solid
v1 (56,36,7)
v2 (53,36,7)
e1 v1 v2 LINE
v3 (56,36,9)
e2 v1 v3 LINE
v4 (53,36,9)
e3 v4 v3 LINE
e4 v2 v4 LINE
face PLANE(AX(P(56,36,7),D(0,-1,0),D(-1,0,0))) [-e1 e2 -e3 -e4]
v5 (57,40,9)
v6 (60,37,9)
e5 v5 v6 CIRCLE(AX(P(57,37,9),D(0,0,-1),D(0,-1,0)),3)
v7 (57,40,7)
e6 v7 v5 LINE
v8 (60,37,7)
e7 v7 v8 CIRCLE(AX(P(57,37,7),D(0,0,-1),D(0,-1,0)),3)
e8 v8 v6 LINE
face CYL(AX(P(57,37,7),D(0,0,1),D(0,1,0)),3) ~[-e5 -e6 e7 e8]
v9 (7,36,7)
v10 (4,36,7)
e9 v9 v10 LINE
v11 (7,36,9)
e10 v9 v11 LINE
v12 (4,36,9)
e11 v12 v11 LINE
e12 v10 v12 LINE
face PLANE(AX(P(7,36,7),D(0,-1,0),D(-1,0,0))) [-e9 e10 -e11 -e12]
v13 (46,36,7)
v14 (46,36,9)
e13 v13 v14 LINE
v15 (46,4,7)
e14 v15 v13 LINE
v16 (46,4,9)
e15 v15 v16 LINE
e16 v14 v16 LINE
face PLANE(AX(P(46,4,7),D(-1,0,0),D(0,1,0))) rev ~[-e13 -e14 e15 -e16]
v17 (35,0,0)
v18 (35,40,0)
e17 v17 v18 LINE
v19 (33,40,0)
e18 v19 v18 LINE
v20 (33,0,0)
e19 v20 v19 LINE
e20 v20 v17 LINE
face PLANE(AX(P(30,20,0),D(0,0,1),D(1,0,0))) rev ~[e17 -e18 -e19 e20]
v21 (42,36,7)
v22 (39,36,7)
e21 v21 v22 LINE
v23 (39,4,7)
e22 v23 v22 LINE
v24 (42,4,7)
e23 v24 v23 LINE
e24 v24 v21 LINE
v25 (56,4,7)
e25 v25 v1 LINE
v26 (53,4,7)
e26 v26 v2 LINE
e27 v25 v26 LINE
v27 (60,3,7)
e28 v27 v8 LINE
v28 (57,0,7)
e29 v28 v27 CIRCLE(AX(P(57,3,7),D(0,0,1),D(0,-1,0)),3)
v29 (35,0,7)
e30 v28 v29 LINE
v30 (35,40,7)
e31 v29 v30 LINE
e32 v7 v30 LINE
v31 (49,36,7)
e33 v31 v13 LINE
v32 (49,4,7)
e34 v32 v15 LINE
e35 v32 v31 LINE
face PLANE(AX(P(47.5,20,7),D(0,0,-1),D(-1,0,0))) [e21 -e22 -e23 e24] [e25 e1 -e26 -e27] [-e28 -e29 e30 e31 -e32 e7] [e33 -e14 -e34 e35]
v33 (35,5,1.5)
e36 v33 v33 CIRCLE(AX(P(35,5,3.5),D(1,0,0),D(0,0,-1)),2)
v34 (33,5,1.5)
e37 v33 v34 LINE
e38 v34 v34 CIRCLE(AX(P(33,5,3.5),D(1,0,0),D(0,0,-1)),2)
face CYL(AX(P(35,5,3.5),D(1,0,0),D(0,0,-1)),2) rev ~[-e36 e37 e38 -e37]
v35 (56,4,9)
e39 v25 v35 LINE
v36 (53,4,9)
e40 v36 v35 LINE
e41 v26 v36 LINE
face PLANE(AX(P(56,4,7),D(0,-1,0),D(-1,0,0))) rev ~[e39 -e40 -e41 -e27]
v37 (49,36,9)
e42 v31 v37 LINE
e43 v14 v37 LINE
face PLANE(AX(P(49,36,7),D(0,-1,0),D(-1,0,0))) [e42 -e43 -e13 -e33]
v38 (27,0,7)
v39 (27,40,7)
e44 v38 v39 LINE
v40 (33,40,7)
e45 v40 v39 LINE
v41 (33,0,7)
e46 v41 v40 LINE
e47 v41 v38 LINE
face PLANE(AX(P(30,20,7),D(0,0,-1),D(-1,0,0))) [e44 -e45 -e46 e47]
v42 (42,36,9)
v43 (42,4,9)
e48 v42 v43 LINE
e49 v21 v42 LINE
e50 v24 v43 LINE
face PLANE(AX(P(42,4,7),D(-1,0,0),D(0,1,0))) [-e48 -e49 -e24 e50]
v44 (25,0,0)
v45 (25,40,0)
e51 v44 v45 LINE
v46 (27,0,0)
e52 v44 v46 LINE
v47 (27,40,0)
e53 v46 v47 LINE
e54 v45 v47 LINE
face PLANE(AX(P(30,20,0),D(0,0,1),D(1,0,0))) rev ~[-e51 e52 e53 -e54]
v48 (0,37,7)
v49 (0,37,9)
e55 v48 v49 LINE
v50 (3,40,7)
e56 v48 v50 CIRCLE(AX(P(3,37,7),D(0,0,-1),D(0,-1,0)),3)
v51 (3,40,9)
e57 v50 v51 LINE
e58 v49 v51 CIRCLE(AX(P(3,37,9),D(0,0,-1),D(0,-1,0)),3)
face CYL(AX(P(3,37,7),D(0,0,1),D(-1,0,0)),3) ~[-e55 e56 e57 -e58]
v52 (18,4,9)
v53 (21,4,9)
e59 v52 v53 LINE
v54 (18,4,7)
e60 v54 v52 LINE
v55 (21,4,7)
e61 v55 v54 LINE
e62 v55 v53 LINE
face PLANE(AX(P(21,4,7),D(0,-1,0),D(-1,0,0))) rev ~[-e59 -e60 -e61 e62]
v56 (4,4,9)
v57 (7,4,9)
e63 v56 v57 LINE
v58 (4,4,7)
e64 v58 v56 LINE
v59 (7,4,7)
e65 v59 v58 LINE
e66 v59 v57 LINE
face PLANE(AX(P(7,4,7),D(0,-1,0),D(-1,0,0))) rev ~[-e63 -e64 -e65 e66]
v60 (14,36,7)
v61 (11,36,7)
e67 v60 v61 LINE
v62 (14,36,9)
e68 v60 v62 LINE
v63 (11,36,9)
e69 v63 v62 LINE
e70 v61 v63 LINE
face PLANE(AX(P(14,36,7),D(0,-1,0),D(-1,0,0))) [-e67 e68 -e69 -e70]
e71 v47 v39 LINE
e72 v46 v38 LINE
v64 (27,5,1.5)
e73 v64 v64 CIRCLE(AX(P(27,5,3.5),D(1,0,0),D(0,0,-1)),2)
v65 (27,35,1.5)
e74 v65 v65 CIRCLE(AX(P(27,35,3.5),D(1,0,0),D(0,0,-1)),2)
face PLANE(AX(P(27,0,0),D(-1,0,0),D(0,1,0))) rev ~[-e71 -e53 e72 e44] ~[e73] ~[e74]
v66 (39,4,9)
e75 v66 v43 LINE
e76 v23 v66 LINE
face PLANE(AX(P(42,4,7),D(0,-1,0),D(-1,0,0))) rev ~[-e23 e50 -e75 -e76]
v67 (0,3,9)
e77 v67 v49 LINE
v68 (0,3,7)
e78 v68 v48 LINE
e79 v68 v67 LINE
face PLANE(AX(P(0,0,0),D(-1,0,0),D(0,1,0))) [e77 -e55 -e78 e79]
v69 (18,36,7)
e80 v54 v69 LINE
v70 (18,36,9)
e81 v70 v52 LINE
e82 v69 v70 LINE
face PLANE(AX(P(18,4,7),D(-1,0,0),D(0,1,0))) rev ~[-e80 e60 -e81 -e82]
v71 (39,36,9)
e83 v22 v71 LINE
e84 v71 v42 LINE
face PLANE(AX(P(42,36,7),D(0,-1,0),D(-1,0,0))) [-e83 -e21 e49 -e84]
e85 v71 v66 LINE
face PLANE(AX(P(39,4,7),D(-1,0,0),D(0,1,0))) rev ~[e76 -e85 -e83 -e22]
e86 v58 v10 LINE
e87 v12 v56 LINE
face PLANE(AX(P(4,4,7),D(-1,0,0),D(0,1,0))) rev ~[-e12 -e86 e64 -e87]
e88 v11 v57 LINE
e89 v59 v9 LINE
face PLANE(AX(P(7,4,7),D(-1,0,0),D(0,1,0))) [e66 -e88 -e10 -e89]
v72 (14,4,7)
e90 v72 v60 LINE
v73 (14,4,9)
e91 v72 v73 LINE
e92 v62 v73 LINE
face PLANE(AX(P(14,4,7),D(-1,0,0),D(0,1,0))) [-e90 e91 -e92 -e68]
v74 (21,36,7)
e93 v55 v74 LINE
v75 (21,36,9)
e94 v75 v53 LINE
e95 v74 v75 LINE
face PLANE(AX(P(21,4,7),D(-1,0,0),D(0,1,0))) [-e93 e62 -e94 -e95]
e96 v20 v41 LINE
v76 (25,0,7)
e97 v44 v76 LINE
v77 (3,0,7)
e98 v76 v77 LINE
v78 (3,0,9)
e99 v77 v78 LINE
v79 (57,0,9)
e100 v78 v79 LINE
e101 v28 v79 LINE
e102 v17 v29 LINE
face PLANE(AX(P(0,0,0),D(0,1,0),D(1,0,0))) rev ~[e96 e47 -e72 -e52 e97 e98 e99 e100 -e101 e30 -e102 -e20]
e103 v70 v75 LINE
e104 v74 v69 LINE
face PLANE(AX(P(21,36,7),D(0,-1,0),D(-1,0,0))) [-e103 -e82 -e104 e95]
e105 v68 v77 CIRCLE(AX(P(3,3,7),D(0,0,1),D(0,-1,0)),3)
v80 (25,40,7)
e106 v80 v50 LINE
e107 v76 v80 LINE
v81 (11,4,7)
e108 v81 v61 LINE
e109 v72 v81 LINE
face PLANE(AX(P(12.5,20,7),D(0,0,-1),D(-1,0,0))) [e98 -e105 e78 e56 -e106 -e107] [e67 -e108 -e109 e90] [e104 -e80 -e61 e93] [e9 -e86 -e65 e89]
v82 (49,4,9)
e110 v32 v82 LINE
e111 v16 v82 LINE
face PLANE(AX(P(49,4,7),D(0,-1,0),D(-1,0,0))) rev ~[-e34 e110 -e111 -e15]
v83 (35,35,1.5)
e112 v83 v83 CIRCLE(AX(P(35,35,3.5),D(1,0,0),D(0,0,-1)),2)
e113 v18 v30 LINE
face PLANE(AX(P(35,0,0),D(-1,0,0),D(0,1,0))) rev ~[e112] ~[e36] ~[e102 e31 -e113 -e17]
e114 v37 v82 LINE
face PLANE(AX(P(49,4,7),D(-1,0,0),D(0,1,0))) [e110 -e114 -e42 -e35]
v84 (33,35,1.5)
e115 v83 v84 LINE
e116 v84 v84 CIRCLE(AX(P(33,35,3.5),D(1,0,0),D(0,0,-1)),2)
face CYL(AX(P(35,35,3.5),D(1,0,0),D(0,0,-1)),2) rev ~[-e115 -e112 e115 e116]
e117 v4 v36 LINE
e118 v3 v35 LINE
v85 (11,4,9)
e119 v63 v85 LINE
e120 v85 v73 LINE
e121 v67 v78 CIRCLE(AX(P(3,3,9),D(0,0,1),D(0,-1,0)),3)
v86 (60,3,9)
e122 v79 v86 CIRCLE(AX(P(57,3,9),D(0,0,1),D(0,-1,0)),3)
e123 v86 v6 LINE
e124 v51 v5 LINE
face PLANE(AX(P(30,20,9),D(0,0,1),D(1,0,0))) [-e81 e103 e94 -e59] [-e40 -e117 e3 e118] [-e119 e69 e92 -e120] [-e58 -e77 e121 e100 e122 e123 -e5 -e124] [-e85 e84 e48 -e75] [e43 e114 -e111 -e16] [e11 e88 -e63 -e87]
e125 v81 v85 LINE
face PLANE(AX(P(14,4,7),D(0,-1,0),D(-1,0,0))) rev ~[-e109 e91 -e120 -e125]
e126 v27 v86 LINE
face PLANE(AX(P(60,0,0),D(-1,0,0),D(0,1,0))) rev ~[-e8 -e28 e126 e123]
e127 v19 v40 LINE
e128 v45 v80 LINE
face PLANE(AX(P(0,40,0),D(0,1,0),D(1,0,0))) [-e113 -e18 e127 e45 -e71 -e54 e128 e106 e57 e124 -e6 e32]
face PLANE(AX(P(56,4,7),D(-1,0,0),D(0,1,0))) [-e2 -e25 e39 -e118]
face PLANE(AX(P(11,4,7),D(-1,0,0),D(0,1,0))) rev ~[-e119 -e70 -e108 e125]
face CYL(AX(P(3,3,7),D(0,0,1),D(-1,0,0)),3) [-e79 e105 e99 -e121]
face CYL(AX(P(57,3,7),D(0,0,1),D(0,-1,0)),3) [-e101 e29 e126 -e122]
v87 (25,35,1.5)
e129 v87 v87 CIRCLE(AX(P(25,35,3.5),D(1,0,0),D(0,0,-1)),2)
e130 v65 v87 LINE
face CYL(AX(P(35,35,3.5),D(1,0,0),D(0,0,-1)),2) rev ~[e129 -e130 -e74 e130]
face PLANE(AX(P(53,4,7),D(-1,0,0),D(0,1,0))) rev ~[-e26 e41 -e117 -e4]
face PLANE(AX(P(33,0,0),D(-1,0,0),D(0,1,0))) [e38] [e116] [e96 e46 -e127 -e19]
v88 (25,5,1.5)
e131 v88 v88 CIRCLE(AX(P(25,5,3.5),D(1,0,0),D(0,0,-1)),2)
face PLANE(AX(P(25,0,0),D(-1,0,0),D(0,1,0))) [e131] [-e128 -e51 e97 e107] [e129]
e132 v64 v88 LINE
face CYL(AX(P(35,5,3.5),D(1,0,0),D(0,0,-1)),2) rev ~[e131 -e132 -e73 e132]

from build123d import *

# Parameters (mm, degrees)
ESQUISSE1_W             = 60
ESQUISSE1_H             = 40
BOSS_EXTRU_1_DEPTH      = 9
ESQUISSE2_W             = 25
ESQUISSE2_H             = 40
ESQUISSE2_W_2           = 6
ENL_V_MAT_EXTRU_1_DEPTH = 7
ESQUISSE3_R             = 2
ENL_V_MAT_EXTRU_2_DEPTH = 54.907327888
ESQUISSE4_W             = 3
ESQUISSE4_H             = 32
ENL_V_MAT_EXTRU_3_DEPTH = 73.449982747
CONG_1_R                = 3


with BuildPart() as part:
    # Esquisse1 → Boss.-Extru.1 (new body)
    with BuildSketch(Plane.XY):
        with Locations((30, 20)):
            Rectangle(ESQUISSE1_W, ESQUISSE1_H)
    extrude(amount=BOSS_EXTRU_1_DEPTH)

    # Esquisse2 → Enlèv. mat.-Extru.1 (cut)
    with BuildSketch(Plane(origin=(0, 0, 0), x_dir=(-1, 0, 0), z_dir=(0, 0, -1))):
        with Locations((-12.5, 20)):
            Rectangle(ESQUISSE2_W, ESQUISSE2_H)
        with Locations((-47.5, 20)):
            Rectangle(ESQUISSE2_W, ESQUISSE2_H)
        with Locations((-30, 20)):
            Rectangle(ESQUISSE2_W_2, ESQUISSE2_H)
    extrude(amount=-ENL_V_MAT_EXTRU_1_DEPTH, mode=Mode.SUBTRACT)

    # Esquisse3 → Enlèv. mat.-Extru.2 (cut, through all)
    with BuildSketch(Plane(origin=(35, 0, 0), x_dir=(0, 0, -1), z_dir=(1, 0, 0))):
        with Locations((-3.5, 5)):
            Circle(ESQUISSE3_R)
        with Locations((-3.5, 35)):
            Circle(ESQUISSE3_R)
    extrude(amount=-ENL_V_MAT_EXTRU_2_DEPTH, mode=Mode.SUBTRACT)

    # Esquisse4 → Enlèv. mat.-Extru.3 (cut, through all)
    with BuildSketch(Plane(origin=(0, 0, 7), x_dir=(-1, 0, 0), z_dir=(0, 0, -1))):
        with Locations((-47.5, 20)):
            Rectangle(ESQUISSE4_W, ESQUISSE4_H)
        with Locations((-54.5, 20)):
            Rectangle(ESQUISSE4_W, ESQUISSE4_H)
        with Locations((-40.5, 20)):
            Rectangle(ESQUISSE4_W, ESQUISSE4_H)
        with Locations((-12.5, 20)):
            Rectangle(ESQUISSE4_W, ESQUISSE4_H)
        with Locations((-5.5, 20)):
            Rectangle(ESQUISSE4_W, ESQUISSE4_H)
        with Locations((-19.5, 20)):
            Rectangle(ESQUISSE4_W, ESQUISSE4_H)
    extrude(amount=-ENL_V_MAT_EXTRU_3_DEPTH, mode=Mode.SUBTRACT)

    # Congé1
    cong_1_edges = [part.edges().sort_by_distance(p)[0] for p in [
        (0, 40, 8),
        (60, 40, 8),
        (60, 0, 8),
        (0, 0, 8),
    ]]
    fillet(cong_1_edges, radius=CONG_1_R)


solid = part.part
